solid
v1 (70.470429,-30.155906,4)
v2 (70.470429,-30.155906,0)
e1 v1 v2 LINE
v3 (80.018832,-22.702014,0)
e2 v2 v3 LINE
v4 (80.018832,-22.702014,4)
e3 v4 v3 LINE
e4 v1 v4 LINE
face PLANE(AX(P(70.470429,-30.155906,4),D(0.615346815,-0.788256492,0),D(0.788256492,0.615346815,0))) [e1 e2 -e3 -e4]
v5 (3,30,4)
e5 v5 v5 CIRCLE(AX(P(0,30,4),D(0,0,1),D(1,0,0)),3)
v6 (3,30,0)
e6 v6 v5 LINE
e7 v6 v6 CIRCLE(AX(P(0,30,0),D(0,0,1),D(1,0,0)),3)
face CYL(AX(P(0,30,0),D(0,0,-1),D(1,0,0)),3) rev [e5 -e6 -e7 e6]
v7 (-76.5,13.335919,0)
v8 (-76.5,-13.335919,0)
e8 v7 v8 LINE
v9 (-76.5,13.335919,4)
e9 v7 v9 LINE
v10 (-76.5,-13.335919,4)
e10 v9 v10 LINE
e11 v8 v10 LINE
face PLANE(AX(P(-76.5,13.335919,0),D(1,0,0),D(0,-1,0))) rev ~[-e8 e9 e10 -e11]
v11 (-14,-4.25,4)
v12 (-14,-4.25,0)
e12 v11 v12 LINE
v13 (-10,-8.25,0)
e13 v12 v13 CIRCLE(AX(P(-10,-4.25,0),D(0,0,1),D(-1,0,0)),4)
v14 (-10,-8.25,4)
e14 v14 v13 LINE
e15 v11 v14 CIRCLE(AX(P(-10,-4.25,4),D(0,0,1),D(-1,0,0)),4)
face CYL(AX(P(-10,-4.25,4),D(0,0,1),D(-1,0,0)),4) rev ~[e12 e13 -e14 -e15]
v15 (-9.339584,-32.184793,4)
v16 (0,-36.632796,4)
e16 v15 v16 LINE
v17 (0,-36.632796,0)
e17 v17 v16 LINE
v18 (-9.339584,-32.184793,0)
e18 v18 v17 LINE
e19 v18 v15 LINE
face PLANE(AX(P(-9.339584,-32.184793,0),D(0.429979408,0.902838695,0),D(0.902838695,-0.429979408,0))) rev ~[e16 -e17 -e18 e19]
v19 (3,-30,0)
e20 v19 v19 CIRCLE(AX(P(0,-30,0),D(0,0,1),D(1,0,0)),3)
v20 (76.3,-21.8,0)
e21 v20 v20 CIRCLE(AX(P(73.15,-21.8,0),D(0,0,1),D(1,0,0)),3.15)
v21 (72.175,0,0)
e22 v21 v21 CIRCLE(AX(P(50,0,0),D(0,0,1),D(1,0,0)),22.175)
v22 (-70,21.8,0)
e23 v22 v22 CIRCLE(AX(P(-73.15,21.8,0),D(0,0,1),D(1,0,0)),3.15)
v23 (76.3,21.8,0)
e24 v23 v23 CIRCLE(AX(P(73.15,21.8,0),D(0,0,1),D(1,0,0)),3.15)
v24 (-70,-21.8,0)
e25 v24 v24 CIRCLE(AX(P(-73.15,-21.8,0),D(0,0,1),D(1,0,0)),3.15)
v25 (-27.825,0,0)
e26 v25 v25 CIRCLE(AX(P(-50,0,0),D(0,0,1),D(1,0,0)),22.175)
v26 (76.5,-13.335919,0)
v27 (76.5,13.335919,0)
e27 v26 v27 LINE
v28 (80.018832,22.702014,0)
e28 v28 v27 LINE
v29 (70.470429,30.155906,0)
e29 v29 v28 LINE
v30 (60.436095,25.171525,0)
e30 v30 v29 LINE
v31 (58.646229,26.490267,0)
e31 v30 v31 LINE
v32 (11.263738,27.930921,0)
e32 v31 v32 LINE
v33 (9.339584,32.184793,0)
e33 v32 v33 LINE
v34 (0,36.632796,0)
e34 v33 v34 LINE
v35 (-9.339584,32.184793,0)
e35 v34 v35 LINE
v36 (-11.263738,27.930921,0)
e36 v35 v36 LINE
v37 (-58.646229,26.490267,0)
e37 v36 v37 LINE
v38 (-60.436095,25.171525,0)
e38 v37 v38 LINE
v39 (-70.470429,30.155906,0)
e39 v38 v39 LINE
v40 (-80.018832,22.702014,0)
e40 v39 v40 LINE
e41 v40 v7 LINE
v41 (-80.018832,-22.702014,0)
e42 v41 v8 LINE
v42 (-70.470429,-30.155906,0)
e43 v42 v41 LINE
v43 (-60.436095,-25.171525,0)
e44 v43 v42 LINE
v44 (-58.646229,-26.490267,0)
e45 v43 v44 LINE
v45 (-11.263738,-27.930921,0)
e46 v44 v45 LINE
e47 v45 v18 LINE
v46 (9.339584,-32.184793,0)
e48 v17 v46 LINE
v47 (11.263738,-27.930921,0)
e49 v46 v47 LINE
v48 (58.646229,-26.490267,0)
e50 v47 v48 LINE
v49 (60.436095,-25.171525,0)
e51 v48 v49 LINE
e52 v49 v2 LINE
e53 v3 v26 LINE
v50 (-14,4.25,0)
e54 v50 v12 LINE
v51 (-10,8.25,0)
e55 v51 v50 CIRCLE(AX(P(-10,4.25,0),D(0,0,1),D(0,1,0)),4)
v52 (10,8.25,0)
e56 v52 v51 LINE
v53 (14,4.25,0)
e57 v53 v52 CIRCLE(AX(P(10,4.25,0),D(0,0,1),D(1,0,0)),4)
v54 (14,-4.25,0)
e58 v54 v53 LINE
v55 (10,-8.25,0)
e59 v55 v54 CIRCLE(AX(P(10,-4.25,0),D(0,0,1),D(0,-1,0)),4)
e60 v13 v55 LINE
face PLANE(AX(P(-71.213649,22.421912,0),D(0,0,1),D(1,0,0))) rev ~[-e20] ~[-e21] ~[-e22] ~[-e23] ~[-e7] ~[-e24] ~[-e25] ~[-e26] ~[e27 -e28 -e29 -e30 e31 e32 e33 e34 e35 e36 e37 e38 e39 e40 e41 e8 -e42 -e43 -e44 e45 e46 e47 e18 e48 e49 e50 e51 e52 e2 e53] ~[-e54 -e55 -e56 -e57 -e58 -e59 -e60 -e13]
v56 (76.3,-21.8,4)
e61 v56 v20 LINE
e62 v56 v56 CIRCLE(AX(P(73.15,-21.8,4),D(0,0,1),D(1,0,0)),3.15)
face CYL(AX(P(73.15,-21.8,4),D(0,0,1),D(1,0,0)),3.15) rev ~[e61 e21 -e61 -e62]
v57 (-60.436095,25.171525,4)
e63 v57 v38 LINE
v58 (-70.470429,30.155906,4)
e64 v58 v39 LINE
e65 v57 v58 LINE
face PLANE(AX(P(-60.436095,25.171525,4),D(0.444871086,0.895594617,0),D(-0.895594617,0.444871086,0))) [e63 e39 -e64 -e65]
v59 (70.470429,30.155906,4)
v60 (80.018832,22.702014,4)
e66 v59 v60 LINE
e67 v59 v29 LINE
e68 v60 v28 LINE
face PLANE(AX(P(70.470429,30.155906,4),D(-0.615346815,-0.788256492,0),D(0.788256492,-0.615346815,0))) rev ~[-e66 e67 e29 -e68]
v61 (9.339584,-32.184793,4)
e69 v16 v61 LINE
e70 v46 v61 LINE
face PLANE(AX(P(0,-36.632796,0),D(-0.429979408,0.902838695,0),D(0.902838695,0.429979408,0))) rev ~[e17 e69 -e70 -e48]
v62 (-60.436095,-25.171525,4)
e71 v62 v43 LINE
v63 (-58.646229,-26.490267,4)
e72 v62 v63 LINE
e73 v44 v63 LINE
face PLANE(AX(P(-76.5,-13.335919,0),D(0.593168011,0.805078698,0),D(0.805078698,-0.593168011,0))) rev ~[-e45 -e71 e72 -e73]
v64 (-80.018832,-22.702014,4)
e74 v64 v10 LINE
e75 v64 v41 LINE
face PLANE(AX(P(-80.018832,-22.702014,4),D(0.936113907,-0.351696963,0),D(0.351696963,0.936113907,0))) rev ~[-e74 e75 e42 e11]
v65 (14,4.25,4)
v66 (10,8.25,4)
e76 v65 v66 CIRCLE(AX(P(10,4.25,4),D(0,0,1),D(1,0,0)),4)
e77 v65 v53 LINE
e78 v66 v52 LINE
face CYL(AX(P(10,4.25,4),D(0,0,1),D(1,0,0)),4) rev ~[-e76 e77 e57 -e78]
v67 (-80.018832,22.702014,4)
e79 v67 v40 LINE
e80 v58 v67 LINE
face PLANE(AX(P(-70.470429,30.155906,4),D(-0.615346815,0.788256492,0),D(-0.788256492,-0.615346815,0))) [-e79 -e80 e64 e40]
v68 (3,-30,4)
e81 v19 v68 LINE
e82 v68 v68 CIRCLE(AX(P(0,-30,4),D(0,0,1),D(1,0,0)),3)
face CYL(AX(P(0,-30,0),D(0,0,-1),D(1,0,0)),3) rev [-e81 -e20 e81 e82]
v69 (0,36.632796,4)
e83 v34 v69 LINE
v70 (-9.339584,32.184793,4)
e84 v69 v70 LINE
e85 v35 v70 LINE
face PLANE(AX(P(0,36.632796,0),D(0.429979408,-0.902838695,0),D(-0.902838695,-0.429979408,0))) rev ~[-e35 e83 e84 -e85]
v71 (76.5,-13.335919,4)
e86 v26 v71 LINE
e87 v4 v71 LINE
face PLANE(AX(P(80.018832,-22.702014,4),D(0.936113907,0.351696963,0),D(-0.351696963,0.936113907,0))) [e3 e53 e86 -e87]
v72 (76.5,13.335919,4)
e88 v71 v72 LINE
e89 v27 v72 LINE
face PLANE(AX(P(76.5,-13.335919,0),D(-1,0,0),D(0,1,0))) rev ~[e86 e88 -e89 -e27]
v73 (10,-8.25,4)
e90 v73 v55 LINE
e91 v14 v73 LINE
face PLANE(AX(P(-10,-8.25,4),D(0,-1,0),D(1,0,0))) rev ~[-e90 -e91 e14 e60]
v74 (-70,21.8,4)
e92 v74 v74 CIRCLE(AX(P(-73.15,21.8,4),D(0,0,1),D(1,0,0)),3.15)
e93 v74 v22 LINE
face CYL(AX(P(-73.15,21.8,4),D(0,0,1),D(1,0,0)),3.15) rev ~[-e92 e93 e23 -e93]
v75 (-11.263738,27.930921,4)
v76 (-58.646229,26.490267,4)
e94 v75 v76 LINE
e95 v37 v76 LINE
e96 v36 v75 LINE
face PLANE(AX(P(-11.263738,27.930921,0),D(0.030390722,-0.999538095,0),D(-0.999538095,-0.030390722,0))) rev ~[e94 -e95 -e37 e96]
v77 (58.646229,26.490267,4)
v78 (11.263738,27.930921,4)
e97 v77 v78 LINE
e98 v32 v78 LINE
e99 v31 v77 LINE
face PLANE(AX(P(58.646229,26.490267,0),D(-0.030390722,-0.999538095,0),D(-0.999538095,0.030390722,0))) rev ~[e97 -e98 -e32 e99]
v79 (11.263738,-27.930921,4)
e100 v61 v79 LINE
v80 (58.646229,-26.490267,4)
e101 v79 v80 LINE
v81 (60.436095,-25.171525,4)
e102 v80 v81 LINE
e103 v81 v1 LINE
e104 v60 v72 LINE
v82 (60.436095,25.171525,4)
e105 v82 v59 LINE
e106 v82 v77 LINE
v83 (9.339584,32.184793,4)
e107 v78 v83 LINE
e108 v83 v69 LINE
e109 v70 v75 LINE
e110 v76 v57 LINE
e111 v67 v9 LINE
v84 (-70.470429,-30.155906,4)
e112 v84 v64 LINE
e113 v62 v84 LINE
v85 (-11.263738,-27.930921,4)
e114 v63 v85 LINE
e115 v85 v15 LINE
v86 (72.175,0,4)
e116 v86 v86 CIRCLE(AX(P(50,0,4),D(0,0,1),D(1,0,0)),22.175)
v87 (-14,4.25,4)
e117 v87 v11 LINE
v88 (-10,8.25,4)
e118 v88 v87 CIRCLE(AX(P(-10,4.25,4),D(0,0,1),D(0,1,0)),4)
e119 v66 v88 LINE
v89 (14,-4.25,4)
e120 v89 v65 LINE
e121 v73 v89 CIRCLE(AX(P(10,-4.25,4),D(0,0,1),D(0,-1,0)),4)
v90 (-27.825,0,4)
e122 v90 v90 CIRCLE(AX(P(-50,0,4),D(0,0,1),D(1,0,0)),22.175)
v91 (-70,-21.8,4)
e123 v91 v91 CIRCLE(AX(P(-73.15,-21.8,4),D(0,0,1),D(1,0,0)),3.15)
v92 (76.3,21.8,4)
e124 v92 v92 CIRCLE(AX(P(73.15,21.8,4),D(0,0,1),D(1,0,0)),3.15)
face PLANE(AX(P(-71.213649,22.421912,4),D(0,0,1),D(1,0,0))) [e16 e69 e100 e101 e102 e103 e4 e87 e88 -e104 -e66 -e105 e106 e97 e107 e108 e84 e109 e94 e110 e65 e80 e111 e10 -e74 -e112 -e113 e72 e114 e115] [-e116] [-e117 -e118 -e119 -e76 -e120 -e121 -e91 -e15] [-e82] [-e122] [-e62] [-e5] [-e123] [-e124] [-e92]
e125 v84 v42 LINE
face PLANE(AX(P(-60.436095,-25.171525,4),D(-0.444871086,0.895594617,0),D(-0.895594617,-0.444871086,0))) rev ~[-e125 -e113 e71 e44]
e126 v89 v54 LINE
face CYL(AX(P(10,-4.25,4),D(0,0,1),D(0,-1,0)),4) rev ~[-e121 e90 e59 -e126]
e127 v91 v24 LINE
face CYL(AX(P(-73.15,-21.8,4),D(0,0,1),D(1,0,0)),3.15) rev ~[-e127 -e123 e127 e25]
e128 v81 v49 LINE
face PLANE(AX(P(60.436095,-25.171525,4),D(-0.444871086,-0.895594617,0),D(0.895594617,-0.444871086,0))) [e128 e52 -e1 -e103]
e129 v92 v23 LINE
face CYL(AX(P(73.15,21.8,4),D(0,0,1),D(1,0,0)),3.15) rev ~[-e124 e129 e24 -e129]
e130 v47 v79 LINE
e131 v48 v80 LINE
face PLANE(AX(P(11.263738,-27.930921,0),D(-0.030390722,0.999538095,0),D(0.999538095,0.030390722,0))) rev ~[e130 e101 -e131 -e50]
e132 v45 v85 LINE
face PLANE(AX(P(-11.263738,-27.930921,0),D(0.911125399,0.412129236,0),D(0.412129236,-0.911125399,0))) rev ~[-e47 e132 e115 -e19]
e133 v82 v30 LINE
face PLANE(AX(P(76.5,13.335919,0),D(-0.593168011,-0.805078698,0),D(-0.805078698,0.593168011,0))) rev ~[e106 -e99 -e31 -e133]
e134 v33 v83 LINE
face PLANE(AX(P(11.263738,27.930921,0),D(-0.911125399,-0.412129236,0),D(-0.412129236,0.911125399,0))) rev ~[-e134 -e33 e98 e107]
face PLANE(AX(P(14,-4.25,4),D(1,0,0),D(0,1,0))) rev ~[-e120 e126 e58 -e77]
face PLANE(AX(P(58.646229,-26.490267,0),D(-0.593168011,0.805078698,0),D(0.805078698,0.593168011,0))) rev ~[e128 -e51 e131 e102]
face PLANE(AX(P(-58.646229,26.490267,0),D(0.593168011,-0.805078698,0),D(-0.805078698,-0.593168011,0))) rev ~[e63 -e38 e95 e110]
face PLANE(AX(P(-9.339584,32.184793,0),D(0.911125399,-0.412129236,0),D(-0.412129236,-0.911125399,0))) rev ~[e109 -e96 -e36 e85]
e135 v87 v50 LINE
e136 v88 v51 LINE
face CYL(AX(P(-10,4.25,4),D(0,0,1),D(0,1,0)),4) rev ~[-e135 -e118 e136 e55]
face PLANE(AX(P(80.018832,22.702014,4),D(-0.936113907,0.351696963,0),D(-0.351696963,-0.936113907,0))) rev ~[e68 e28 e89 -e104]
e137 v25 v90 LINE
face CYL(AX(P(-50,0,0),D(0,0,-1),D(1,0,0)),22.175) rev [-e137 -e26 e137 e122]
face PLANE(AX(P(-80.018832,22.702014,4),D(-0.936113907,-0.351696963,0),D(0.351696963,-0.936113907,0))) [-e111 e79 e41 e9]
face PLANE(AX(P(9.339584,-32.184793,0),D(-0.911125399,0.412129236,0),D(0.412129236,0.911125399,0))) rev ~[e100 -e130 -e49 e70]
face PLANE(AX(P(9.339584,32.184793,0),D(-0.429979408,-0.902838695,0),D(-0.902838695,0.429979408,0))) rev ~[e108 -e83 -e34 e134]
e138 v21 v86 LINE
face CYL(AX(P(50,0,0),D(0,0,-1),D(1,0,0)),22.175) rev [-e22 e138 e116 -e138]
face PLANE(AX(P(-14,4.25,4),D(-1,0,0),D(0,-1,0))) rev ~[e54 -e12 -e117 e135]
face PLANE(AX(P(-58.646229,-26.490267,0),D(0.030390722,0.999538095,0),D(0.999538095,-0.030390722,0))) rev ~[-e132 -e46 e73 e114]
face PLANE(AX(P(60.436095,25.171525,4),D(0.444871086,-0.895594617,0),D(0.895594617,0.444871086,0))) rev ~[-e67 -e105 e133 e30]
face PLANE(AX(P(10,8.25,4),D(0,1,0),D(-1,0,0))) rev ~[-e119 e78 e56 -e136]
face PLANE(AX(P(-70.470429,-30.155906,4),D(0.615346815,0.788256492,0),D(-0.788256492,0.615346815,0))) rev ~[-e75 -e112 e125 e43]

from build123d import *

# Parameters (mm, degrees)
SKETCH1_R           = 3
SKETCH1_R_2         = 22.175
BOSS_EXTRUDE1_DEPTH = 4
CUT_EXTRUDE1_DEPTH  = 5
SKETCH3_R           = 3.15
BOSS_EXTRUDE2_DEPTH = 4


with BuildPart() as part:
    # Sketch1 → Boss-Extrude1 (new body)
    with BuildSketch(Plane.XY):
        Polygon((0, 36.632796194), (-9.339584462, 32.184793438), (-11.263738257, 27.930920523), (-58.646229282, 26.490266956), (-76.5, 13.335918569), (-76.5, -13.335918569), (-58.646229282, -26.490266956), (-11.263738257, -27.930920523), (-9.339584462, -32.184793438), (0, -36.632796194), (9.339584462, -32.184793438), (11.263738257, -27.930920523), (58.646229282, -26.490266956), (76.5, -13.335918569), (76.5, 13.335918569), (58.646229282, 26.490266956), (11.263738257, 27.930920523), (9.339584462, 32.184793438), align=None)
        with Locations((0, 30)):
            Circle(SKETCH1_R, mode=Mode.SUBTRACT)
        with Locations((-50, 0)):
            Circle(SKETCH1_R_2, mode=Mode.SUBTRACT)
        with Locations((50, 0)):
            Circle(SKETCH1_R_2, mode=Mode.SUBTRACT)
        with Locations((0, -30)):
            Circle(SKETCH1_R, mode=Mode.SUBTRACT)
    extrude(amount=BOSS_EXTRUDE1_DEPTH)

    # Sketch2 → Cut-Extrude1 (cut, through all)
    with BuildSketch(Plane.XY.offset(4)):
        with BuildLine():
            Line((10, 8.25), (-10, 8.25))
            ThreePointArc((-10, 8.25), (-12.828427125, 7.078427125), (-14, 4.25))
            Line((-14, 4.25), (-14, -4.25))
            ThreePointArc((-14, -4.25), (-12.828427125, -7.078427125), (-10, -8.25))
            Line((-10, -8.25), (10, -8.25))
            ThreePointArc((10, -8.25), (12.828427125, -7.078427125), (14, -4.25))
            Line((14, -4.25), (14, 4.25))
            ThreePointArc((14, 4.25), (12.828427125, 7.078427125), (10, 8.25))
        make_face()
    extrude(amount=-CUT_EXTRUDE1_DEPTH, mode=Mode.SUBTRACT)

    # Sketch3 → Boss-Extrude2 (add)
    with BuildSketch(Plane.XY.offset(4)):
        Polygon((-60.436095429, 25.171524645), (-70.470429489, 30.155905977), (-80.018831674, 22.70201384), (-76.5, 13.335918569), align=None)
        with Locations((-73.15, 21.8)):
            Circle(SKETCH3_R, mode=Mode.SUBTRACT)
        Polygon((76.5, 13.335918569), (60.436095429, 25.171524645), (70.470429489, 30.155905977), (80.018831674, 22.70201384), align=None)
        with Locations((73.15, 21.8)):
            Circle(SKETCH3_R, mode=Mode.SUBTRACT)
        Polygon((60.436095429, -25.171524645), (70.470429489, -30.155905977), (80.018831674, -22.70201384), (76.5, -13.335918569), align=None)
        with Locations((73.15, -21.8)):
            Circle(SKETCH3_R, mode=Mode.SUBTRACT)
        Polygon((-76.5, -13.335918569), (-60.436095429, -25.171524645), (-70.470429489, -30.155905977), (-80.018831674, -22.70201384), align=None)
        with Locations((-73.15, -21.8)):
            Circle(SKETCH3_R, mode=Mode.SUBTRACT)
    extrude(amount=-BOSS_EXTRUDE2_DEPTH)


solid = part.part
